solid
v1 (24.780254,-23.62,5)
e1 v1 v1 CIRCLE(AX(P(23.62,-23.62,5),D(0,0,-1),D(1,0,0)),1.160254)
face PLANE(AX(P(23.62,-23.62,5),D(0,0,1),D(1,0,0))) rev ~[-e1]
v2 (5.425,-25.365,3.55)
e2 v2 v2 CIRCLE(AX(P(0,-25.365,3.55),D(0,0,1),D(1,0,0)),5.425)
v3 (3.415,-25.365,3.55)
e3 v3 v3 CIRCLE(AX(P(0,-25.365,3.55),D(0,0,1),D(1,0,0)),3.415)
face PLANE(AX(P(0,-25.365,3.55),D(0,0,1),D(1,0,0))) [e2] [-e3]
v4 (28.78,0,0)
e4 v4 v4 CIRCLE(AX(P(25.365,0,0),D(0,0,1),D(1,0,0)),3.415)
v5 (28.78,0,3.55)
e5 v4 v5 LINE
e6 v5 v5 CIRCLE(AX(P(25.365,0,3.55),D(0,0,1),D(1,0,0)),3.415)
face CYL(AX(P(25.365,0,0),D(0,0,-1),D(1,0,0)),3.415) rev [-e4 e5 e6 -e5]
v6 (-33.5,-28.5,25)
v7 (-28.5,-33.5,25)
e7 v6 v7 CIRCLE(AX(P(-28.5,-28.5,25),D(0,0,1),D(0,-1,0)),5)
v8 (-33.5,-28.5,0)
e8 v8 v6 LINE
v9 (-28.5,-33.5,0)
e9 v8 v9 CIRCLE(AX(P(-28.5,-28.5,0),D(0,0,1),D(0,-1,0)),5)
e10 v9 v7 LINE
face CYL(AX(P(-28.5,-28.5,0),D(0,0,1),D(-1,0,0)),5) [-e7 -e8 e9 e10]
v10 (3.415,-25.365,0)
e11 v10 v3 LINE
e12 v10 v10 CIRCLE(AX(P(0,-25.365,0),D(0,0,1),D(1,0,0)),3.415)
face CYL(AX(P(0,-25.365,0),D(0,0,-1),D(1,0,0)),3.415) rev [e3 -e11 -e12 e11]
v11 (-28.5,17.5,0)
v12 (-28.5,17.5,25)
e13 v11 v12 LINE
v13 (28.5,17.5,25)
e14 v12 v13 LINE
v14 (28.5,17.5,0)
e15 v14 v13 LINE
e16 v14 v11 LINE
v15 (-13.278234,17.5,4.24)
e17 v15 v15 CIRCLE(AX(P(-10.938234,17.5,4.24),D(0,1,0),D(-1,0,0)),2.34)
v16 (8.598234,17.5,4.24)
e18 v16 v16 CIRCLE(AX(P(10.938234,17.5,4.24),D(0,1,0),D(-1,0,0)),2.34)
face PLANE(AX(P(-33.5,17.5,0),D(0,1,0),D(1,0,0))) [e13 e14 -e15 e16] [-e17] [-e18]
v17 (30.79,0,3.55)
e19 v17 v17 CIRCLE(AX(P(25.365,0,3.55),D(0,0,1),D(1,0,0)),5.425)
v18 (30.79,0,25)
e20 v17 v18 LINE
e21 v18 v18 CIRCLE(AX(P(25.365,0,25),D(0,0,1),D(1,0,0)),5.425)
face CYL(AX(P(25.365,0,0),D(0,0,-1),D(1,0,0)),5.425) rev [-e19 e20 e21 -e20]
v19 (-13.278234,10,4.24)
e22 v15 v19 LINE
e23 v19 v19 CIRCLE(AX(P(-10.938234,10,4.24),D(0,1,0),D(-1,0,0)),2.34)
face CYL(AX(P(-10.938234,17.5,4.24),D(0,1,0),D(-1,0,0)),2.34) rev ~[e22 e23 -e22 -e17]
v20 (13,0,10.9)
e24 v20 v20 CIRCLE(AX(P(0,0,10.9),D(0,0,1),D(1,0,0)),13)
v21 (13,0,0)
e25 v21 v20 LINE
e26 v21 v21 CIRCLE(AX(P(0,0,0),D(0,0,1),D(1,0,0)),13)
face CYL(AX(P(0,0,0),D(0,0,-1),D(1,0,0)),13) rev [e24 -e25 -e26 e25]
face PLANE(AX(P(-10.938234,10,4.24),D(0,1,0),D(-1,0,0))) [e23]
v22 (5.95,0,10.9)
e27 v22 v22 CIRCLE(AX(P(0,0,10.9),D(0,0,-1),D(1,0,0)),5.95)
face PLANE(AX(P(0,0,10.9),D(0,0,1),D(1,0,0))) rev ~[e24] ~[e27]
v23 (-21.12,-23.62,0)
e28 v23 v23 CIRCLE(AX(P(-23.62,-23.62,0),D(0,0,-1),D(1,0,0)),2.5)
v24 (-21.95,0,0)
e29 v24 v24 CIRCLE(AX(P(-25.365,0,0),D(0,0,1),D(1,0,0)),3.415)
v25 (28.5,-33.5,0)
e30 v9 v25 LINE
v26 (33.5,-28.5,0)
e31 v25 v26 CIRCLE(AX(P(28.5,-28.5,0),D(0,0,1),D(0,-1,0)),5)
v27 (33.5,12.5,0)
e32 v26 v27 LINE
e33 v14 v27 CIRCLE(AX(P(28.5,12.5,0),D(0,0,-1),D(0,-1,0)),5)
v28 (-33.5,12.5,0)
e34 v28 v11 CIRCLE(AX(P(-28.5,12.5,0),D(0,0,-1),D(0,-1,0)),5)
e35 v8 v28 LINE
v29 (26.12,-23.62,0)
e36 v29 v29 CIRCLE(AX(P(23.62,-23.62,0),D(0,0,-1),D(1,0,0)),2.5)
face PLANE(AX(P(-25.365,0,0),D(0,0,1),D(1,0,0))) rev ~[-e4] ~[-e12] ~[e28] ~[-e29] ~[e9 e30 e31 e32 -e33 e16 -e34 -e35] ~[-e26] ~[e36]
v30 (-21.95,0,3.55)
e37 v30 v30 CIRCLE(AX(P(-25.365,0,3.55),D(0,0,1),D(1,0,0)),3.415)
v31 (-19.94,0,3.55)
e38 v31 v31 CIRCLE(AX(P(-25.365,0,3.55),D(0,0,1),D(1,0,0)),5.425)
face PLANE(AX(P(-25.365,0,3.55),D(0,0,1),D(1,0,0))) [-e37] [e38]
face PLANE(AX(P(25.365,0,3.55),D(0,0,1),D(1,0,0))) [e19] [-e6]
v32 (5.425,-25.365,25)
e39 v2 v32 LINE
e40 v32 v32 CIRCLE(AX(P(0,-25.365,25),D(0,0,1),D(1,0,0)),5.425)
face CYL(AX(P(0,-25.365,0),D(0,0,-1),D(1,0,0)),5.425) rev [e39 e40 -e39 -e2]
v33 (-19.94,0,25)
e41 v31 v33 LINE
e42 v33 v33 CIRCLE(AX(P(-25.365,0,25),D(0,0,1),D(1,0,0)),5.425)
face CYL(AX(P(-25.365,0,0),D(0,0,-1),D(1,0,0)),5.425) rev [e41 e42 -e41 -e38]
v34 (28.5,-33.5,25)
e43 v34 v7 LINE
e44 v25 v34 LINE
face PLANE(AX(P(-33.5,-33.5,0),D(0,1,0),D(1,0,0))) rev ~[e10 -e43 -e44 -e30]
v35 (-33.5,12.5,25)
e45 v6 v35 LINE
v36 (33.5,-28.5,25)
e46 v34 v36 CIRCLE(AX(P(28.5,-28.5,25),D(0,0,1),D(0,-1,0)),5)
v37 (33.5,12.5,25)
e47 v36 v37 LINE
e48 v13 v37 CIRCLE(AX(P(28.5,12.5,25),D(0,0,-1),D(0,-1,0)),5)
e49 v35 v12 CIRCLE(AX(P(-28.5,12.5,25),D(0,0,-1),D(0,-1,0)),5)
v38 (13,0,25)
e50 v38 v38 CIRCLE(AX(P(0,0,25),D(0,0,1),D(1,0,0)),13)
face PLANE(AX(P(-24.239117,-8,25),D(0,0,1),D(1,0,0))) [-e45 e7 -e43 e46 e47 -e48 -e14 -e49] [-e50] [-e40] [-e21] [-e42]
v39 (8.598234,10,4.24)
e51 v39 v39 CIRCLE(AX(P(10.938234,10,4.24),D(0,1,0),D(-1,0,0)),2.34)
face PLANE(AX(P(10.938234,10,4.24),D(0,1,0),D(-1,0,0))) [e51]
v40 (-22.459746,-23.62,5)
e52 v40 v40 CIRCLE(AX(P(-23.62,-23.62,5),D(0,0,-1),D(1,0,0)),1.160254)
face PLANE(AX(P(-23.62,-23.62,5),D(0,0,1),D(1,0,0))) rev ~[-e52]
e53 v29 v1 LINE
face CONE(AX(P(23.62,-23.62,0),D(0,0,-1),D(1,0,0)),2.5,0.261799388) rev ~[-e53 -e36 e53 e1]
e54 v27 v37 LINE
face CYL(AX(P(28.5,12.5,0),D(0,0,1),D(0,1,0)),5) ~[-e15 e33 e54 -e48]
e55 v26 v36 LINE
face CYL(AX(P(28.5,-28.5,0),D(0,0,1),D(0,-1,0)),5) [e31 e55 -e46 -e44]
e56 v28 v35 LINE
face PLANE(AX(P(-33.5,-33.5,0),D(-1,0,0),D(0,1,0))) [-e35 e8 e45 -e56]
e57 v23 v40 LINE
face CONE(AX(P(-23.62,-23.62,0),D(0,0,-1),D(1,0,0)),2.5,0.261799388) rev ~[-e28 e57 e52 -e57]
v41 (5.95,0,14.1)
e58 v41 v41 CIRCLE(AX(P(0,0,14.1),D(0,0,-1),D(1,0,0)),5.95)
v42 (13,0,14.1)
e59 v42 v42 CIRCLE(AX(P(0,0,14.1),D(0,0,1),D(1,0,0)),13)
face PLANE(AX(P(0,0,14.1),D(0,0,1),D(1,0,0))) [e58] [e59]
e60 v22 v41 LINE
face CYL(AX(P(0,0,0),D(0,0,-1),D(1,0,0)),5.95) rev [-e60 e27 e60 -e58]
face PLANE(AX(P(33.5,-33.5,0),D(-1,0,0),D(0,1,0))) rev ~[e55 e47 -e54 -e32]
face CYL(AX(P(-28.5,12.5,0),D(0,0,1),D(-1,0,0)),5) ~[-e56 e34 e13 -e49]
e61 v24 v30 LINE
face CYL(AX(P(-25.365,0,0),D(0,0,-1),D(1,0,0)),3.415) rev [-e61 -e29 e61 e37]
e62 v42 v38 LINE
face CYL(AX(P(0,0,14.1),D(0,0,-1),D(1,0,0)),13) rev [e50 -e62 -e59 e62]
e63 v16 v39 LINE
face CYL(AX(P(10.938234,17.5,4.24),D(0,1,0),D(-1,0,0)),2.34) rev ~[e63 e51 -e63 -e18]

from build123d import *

# Parameters (mm, degrees)
F0_W      = 29.9564684167
F0_H      = 51
F0_R      = 5.425
F0_R_2    = 5.95
F1_DEPTH  = 25
F0_W_2    = 18.5217657917
F2_DEPTH  = 25
F0_R_3    = 3.415
F3_DEPTH  = 3.55
F4_R      = 2.34
F5_DEPTH  = 7.5
F7_START  = 14.1
F6_R      = 13
F7_DEPTH  = 10.9
F8_DEPTH  = 10.9
F9_R      = 2.5
F10_DEPTH = 5
F10_TAPER = 15
F11_R     = 5


with BuildPart() as f1:
    # F0 (on Top) → F1 (new body)
    with BuildSketch(Plane.XY):
        with Locations((0, -8)):
            Rectangle(F0_W, F0_H)
        with Locations((0, -25.365)):
            Circle(F0_R, mode=Mode.SUBTRACT)
        Circle(F0_R_2, mode=Mode.SUBTRACT)
    extrude(amount=F1_DEPTH)

    # F0 (on Top) → F2 (join)
    with BuildSketch(Plane.XY):
        with Locations((-24.2391171042, -8)):
            Rectangle(F0_W_2, F0_H)
        with Locations((-25.365, 0)):
            Circle(F0_R, mode=Mode.SUBTRACT)
        with Locations((24.2391171042, -8)):
            Rectangle(F0_W_2, F0_H)
        with Locations((25.365, 0)):
            Circle(F0_R, mode=Mode.SUBTRACT)
    extrude(amount=F2_DEPTH)

    # F0 (on Top) → F3 (join)
    with BuildSketch(Plane.XY):
        with Locations((-25.365, 0)):
            Circle(F0_R)
        with Locations((-25.365, 0)):
            Circle(F0_R_3, mode=Mode.SUBTRACT)
        with Locations((25.365, 0)):
            Circle(F0_R)
        with Locations((25.365, 0)):
            Circle(F0_R_3, mode=Mode.SUBTRACT)
        with Locations((0, -25.365)):
            Circle(F0_R)
        with Locations((0, -25.365)):
            Circle(F0_R_3, mode=Mode.SUBTRACT)
    extrude(amount=F3_DEPTH)

    # F4 (on face) → F5 (cut)
    with BuildSketch(Plane(origin=(0, 17.5, 0), x_dir=(-1, 0, 0), z_dir=(0, 1, 0))):
        with Locations((-10.9382342083, 4.24)):
            Circle(F4_R)
        with Locations((10.9382342083, 4.24)):
            Circle(F4_R)
    extrude(amount=-F5_DEPTH, mode=Mode.SUBTRACT)

    # F6 (on Top) → F7 (cut)
    with BuildSketch(Plane.XY.offset(F7_START)):
        Circle(F6_R)
    extrude(amount=F7_DEPTH, mode=Mode.SUBTRACT)

    # F6 (on Top) → F8 (cut)
    with BuildSketch(Plane.XY):
        Circle(F6_R)
    extrude(amount=F8_DEPTH, mode=Mode.SUBTRACT)

    # F9 (on Top) → F10 (cut)
    with BuildSketch(Plane.XY):
        with Locations((23.62, -23.62)):
            Circle(F9_R)
        with Locations((-23.62, -23.62)):
            Circle(F9_R)
    extrude(amount=F10_DEPTH, taper=F10_TAPER, mode=Mode.SUBTRACT)

    # F11
    f11_edges = [f1.edges().sort_by_distance(p)[0] for p in [
        (33.5, -33.5, 12.5),
        (-33.5, -33.5, 12.5),
        (-33.5, 17.5, 12.5),
        (33.5, 17.5, 12.5),
    ]]
    fillet(f11_edges, radius=F11_R)


solid = f1.part
